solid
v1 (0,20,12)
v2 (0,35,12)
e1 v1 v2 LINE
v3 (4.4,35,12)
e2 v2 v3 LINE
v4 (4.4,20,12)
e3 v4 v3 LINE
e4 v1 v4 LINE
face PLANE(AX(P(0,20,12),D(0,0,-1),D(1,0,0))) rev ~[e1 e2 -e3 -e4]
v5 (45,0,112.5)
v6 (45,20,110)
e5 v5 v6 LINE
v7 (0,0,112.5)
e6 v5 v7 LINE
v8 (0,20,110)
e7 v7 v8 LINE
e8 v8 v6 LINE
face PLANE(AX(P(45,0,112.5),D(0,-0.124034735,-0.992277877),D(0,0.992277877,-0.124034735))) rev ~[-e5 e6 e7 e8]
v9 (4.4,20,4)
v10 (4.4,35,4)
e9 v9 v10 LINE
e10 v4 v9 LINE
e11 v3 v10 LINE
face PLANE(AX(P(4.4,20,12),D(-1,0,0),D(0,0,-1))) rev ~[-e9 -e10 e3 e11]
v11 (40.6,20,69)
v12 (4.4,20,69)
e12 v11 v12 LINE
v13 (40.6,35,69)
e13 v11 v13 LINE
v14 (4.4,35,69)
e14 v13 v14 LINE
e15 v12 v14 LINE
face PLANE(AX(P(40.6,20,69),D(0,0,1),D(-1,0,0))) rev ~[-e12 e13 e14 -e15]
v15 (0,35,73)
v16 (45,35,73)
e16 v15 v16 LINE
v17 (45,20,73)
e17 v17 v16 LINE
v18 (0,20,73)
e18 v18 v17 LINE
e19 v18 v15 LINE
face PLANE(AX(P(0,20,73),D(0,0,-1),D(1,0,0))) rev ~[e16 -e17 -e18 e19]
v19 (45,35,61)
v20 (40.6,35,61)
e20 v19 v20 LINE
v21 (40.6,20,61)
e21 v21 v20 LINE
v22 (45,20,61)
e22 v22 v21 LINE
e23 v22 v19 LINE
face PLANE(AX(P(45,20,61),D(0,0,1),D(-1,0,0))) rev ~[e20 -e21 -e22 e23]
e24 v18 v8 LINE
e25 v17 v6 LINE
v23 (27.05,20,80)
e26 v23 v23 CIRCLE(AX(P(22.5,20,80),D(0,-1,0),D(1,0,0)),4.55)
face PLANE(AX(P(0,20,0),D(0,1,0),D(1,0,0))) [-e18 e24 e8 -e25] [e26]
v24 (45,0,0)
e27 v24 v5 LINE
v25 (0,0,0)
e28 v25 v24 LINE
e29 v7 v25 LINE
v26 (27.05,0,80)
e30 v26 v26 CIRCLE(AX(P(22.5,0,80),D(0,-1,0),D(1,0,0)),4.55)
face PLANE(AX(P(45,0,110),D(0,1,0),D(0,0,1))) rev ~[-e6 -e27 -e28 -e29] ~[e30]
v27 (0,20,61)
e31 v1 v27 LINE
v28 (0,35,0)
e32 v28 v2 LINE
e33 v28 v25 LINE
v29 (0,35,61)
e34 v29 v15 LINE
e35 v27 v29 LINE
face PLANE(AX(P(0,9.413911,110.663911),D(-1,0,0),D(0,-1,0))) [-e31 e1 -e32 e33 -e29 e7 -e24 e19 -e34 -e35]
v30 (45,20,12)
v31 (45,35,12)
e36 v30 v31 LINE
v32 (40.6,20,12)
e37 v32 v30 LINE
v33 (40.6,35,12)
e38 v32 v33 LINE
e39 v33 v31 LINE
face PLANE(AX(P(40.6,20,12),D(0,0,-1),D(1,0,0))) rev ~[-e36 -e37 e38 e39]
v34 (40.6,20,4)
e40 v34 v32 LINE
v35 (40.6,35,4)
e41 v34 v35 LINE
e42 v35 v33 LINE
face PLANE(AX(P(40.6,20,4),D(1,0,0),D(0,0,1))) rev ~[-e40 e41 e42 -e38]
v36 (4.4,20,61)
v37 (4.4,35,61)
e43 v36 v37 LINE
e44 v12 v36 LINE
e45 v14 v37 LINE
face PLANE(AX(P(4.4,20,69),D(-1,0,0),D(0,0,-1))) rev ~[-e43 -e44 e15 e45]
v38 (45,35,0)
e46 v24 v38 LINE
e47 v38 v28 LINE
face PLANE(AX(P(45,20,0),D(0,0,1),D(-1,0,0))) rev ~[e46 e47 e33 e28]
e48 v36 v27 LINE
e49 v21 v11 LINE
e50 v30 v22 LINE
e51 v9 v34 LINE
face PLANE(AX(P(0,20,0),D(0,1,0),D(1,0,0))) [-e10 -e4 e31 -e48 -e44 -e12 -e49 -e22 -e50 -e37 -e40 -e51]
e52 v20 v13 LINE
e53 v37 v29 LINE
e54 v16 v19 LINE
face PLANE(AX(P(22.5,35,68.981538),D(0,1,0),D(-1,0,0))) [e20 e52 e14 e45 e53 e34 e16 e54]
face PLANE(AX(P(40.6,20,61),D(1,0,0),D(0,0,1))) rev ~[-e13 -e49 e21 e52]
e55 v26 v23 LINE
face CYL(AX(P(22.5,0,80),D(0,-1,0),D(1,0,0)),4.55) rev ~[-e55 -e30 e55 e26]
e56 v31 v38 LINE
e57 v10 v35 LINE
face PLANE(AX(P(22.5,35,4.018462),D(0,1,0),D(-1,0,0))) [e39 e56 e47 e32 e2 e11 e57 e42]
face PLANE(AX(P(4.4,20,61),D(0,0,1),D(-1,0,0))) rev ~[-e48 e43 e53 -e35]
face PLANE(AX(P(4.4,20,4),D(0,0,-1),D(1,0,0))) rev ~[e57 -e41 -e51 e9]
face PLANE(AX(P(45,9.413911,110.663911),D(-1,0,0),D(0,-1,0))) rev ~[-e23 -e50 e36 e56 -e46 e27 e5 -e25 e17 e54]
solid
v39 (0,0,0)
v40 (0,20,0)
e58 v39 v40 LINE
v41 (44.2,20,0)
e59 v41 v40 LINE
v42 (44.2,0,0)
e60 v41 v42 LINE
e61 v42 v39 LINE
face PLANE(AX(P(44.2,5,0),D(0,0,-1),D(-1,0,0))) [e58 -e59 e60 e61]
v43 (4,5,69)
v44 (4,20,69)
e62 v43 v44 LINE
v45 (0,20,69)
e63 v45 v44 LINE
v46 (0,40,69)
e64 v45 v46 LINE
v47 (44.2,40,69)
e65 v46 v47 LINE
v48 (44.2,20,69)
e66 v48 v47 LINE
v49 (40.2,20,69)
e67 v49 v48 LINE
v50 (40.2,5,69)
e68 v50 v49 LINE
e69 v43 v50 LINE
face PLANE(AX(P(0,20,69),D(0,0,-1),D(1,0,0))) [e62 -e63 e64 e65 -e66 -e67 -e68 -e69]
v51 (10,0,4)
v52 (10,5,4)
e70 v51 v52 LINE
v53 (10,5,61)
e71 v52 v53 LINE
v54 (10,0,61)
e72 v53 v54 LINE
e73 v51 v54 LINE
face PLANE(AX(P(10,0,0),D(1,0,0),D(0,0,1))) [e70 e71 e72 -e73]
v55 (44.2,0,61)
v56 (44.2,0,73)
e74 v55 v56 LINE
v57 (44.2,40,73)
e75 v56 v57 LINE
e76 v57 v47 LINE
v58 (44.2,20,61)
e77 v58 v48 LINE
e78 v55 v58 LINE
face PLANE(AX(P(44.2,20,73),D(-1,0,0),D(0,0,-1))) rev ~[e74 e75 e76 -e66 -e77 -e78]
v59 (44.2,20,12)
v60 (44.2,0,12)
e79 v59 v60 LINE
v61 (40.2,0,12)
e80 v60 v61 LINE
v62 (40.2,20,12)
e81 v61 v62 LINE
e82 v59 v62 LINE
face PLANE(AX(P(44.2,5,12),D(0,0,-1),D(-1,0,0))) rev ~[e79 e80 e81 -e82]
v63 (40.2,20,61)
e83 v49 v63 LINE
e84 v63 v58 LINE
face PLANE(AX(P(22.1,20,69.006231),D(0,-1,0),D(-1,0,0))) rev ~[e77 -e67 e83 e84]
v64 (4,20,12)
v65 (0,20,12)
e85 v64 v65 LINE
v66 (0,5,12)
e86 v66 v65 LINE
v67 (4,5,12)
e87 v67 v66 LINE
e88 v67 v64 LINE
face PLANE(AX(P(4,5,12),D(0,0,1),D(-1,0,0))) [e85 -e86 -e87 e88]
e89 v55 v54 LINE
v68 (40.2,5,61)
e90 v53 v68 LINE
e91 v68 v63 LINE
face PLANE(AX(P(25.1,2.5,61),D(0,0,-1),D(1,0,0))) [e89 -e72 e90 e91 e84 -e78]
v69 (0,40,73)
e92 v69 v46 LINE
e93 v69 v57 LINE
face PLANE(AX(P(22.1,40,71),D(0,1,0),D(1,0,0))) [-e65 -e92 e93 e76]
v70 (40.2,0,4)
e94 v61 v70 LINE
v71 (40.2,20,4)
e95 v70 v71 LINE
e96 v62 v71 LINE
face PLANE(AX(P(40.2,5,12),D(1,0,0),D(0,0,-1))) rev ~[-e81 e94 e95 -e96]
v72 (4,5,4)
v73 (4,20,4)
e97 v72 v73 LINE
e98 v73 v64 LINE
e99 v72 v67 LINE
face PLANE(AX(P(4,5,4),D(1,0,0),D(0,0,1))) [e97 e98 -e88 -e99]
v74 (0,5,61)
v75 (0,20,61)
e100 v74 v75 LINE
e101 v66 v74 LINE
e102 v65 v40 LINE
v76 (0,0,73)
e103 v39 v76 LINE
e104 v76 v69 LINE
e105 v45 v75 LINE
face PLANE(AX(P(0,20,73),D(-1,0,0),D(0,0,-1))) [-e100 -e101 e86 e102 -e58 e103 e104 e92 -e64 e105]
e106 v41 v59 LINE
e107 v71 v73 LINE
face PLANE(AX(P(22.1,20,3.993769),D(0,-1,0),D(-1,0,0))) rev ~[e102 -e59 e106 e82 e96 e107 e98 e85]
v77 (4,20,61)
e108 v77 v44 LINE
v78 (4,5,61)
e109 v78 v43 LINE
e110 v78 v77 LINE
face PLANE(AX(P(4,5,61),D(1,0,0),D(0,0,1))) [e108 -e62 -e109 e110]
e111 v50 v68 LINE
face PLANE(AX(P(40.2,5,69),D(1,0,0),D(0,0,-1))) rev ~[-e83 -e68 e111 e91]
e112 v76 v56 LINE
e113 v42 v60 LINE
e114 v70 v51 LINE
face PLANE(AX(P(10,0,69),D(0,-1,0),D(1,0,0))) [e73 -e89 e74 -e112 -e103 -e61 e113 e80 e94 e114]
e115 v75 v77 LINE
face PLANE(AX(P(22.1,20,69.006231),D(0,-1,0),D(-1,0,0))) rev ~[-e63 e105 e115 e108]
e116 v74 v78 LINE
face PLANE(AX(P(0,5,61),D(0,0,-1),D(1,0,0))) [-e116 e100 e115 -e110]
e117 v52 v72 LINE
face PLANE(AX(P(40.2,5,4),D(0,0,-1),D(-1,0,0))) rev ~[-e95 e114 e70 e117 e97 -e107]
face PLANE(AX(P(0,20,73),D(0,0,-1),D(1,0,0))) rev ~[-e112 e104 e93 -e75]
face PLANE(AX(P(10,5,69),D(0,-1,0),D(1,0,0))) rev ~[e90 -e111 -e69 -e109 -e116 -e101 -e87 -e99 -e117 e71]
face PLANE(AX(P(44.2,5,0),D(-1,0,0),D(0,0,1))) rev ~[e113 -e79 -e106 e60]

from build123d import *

# Parameters (mm, degrees)
SKETCH_W     = 45
SKETCH_H     = 20
PAD_DEPTH    = 110
PAD001_DEPTH = 45
SKETCH002_R  = 4.55
POCKET_DEPTH = 20
PAD002_DEPTH = 15
PAD003_DEPTH = 15
SKETCH005_W  = 10
SKETCH005_H  = 73
PAD004_DEPTH = 5
PAD005_DEPTH = 15
PAD006_DEPTH = 5
PAD007_DEPTH = 15
PAD008_DEPTH = 5
SKETCH008_W  = 44.2
SKETCH008_H  = 4
PAD009_DEPTH = 20
SKETCH009_W  = 30.2
SKETCH009_H  = 5
PAD010_DEPTH = 8


with BuildPart() as body:
    # Sketch → Pad (new body)
    with BuildSketch(Plane.XY):
        with Locations((22.5, 10)):
            Rectangle(SKETCH_W, SKETCH_H)
    extrude(amount=PAD_DEPTH)

    # Sketch001 (on Face2 of Pad) → Pad001 (join)
    with BuildSketch(Plane.YZ.offset(45)):
        Polygon((0, 110), (0, 112.5), (20, 110), align=None)
    extrude(amount=-PAD001_DEPTH)

    # Sketch002 (on Face6 of Pad001) → Pocket (cut)
    with BuildSketch(Plane.XZ):
        with Locations((22.5, 80)):
            Circle(SKETCH002_R)
    extrude(amount=-POCKET_DEPTH, mode=Mode.SUBTRACT)

    # Sketch003 (on Face1 of Pocket) → Pad002 (join)
    with BuildSketch(Plane(origin=(0, 20, 0), x_dir=(-1, 0, 0), z_dir=(0, 1, 0))):
        Polygon((-4.4, 4), (-40.6, 4), (-40.6, 12), (-45, 12), (-45, 0), (0, 0), (0, 12), (-4.4, 12), align=None)
    extrude(amount=PAD002_DEPTH)

    # Sketch004 (on Face1 of Pad002) → Pad003 (join)
    with BuildSketch(Plane(origin=(0, 20, 0), x_dir=(-1, 0, 0), z_dir=(0, 1, 0))):
        Polygon((0, 73), (-45, 73), (-45, 61), (-40.6, 61), (-40.6, 69), (-4.4, 69), (-4.4, 61), (0, 61), align=None)
    extrude(amount=PAD003_DEPTH)


with BuildPart() as batteryrearmotorholder001:
    # Sketch005 → Pad004 (new body)
    with BuildSketch(Plane.XZ):
        with Locations((5, 36.5)):
            Rectangle(SKETCH005_W, SKETCH005_H)
    extrude(amount=-PAD004_DEPTH)

    # Sketch006 (on Face6 of Pad004) → Pad005 (join)
    with BuildSketch(Plane(origin=(0, 5, 0), x_dir=(1, 0, 0), z_dir=(0, 1, 0))):
        Polygon((0, 0), (10, 0), (44.2, 0), (44.2, -12), (40.2, -12), (40.2, -4), (4, -4), (4, -12), (0, -12), align=None)
    extrude(amount=PAD005_DEPTH)

    # Sketch006 (on Face6 of Pad004) → Pad006 (join)
    with BuildSketch(Plane(origin=(0, 5, 0), x_dir=(1, 0, 0), z_dir=(0, 1, 0))):
        Polygon((0, 0), (10, 0), (44.2, 0), (44.2, -12), (40.2, -12), (40.2, -4), (4, -4), (4, -12), (0, -12), align=None)
    extrude(amount=-PAD006_DEPTH)

    # Sketch007 (on Face6 of Pad004) → Pad007 (join)
    with BuildSketch(Plane(origin=(0, 5, 0), x_dir=(1, 0, 0), z_dir=(0, 1, 0))):
        Polygon((0, -73), (0, -61), (4, -61), (4, -69), (40.2, -69), (40.2, -61), (44.2, -61), (44.2, -73), align=None)
    extrude(amount=PAD007_DEPTH)

    # Sketch007 (on Face6 of Pad004) → Pad008 (join)
    with BuildSketch(Plane(origin=(0, 5, 0), x_dir=(1, 0, 0), z_dir=(0, 1, 0))):
        Polygon((0, -73), (0, -61), (4, -61), (4, -69), (40.2, -69), (40.2, -61), (44.2, -61), (44.2, -73), align=None)
    extrude(amount=-PAD008_DEPTH)

    # Sketch008 (on Face33 of Pad008) → Pad009 (join)
    with BuildSketch(Plane(origin=(0, 20, 0), x_dir=(1, 0, 0), z_dir=(0, 1, 0))):
        with Locations((22.1, -71)):
            Rectangle(SKETCH008_W, SKETCH008_H)
    extrude(amount=PAD009_DEPTH)

    # Sketch009 (on Face32 of Pad009) → Pad010 (join)
    with BuildSketch(Plane(origin=(0, 0, 69), x_dir=(1, 0, 0), z_dir=(0, 0, -1))):
        with Locations((25.1, -2.5)):
            Rectangle(SKETCH009_W, SKETCH009_H)
    extrude(amount=PAD010_DEPTH)


solid = Compound([body.part, batteryrearmotorholder001.part])
